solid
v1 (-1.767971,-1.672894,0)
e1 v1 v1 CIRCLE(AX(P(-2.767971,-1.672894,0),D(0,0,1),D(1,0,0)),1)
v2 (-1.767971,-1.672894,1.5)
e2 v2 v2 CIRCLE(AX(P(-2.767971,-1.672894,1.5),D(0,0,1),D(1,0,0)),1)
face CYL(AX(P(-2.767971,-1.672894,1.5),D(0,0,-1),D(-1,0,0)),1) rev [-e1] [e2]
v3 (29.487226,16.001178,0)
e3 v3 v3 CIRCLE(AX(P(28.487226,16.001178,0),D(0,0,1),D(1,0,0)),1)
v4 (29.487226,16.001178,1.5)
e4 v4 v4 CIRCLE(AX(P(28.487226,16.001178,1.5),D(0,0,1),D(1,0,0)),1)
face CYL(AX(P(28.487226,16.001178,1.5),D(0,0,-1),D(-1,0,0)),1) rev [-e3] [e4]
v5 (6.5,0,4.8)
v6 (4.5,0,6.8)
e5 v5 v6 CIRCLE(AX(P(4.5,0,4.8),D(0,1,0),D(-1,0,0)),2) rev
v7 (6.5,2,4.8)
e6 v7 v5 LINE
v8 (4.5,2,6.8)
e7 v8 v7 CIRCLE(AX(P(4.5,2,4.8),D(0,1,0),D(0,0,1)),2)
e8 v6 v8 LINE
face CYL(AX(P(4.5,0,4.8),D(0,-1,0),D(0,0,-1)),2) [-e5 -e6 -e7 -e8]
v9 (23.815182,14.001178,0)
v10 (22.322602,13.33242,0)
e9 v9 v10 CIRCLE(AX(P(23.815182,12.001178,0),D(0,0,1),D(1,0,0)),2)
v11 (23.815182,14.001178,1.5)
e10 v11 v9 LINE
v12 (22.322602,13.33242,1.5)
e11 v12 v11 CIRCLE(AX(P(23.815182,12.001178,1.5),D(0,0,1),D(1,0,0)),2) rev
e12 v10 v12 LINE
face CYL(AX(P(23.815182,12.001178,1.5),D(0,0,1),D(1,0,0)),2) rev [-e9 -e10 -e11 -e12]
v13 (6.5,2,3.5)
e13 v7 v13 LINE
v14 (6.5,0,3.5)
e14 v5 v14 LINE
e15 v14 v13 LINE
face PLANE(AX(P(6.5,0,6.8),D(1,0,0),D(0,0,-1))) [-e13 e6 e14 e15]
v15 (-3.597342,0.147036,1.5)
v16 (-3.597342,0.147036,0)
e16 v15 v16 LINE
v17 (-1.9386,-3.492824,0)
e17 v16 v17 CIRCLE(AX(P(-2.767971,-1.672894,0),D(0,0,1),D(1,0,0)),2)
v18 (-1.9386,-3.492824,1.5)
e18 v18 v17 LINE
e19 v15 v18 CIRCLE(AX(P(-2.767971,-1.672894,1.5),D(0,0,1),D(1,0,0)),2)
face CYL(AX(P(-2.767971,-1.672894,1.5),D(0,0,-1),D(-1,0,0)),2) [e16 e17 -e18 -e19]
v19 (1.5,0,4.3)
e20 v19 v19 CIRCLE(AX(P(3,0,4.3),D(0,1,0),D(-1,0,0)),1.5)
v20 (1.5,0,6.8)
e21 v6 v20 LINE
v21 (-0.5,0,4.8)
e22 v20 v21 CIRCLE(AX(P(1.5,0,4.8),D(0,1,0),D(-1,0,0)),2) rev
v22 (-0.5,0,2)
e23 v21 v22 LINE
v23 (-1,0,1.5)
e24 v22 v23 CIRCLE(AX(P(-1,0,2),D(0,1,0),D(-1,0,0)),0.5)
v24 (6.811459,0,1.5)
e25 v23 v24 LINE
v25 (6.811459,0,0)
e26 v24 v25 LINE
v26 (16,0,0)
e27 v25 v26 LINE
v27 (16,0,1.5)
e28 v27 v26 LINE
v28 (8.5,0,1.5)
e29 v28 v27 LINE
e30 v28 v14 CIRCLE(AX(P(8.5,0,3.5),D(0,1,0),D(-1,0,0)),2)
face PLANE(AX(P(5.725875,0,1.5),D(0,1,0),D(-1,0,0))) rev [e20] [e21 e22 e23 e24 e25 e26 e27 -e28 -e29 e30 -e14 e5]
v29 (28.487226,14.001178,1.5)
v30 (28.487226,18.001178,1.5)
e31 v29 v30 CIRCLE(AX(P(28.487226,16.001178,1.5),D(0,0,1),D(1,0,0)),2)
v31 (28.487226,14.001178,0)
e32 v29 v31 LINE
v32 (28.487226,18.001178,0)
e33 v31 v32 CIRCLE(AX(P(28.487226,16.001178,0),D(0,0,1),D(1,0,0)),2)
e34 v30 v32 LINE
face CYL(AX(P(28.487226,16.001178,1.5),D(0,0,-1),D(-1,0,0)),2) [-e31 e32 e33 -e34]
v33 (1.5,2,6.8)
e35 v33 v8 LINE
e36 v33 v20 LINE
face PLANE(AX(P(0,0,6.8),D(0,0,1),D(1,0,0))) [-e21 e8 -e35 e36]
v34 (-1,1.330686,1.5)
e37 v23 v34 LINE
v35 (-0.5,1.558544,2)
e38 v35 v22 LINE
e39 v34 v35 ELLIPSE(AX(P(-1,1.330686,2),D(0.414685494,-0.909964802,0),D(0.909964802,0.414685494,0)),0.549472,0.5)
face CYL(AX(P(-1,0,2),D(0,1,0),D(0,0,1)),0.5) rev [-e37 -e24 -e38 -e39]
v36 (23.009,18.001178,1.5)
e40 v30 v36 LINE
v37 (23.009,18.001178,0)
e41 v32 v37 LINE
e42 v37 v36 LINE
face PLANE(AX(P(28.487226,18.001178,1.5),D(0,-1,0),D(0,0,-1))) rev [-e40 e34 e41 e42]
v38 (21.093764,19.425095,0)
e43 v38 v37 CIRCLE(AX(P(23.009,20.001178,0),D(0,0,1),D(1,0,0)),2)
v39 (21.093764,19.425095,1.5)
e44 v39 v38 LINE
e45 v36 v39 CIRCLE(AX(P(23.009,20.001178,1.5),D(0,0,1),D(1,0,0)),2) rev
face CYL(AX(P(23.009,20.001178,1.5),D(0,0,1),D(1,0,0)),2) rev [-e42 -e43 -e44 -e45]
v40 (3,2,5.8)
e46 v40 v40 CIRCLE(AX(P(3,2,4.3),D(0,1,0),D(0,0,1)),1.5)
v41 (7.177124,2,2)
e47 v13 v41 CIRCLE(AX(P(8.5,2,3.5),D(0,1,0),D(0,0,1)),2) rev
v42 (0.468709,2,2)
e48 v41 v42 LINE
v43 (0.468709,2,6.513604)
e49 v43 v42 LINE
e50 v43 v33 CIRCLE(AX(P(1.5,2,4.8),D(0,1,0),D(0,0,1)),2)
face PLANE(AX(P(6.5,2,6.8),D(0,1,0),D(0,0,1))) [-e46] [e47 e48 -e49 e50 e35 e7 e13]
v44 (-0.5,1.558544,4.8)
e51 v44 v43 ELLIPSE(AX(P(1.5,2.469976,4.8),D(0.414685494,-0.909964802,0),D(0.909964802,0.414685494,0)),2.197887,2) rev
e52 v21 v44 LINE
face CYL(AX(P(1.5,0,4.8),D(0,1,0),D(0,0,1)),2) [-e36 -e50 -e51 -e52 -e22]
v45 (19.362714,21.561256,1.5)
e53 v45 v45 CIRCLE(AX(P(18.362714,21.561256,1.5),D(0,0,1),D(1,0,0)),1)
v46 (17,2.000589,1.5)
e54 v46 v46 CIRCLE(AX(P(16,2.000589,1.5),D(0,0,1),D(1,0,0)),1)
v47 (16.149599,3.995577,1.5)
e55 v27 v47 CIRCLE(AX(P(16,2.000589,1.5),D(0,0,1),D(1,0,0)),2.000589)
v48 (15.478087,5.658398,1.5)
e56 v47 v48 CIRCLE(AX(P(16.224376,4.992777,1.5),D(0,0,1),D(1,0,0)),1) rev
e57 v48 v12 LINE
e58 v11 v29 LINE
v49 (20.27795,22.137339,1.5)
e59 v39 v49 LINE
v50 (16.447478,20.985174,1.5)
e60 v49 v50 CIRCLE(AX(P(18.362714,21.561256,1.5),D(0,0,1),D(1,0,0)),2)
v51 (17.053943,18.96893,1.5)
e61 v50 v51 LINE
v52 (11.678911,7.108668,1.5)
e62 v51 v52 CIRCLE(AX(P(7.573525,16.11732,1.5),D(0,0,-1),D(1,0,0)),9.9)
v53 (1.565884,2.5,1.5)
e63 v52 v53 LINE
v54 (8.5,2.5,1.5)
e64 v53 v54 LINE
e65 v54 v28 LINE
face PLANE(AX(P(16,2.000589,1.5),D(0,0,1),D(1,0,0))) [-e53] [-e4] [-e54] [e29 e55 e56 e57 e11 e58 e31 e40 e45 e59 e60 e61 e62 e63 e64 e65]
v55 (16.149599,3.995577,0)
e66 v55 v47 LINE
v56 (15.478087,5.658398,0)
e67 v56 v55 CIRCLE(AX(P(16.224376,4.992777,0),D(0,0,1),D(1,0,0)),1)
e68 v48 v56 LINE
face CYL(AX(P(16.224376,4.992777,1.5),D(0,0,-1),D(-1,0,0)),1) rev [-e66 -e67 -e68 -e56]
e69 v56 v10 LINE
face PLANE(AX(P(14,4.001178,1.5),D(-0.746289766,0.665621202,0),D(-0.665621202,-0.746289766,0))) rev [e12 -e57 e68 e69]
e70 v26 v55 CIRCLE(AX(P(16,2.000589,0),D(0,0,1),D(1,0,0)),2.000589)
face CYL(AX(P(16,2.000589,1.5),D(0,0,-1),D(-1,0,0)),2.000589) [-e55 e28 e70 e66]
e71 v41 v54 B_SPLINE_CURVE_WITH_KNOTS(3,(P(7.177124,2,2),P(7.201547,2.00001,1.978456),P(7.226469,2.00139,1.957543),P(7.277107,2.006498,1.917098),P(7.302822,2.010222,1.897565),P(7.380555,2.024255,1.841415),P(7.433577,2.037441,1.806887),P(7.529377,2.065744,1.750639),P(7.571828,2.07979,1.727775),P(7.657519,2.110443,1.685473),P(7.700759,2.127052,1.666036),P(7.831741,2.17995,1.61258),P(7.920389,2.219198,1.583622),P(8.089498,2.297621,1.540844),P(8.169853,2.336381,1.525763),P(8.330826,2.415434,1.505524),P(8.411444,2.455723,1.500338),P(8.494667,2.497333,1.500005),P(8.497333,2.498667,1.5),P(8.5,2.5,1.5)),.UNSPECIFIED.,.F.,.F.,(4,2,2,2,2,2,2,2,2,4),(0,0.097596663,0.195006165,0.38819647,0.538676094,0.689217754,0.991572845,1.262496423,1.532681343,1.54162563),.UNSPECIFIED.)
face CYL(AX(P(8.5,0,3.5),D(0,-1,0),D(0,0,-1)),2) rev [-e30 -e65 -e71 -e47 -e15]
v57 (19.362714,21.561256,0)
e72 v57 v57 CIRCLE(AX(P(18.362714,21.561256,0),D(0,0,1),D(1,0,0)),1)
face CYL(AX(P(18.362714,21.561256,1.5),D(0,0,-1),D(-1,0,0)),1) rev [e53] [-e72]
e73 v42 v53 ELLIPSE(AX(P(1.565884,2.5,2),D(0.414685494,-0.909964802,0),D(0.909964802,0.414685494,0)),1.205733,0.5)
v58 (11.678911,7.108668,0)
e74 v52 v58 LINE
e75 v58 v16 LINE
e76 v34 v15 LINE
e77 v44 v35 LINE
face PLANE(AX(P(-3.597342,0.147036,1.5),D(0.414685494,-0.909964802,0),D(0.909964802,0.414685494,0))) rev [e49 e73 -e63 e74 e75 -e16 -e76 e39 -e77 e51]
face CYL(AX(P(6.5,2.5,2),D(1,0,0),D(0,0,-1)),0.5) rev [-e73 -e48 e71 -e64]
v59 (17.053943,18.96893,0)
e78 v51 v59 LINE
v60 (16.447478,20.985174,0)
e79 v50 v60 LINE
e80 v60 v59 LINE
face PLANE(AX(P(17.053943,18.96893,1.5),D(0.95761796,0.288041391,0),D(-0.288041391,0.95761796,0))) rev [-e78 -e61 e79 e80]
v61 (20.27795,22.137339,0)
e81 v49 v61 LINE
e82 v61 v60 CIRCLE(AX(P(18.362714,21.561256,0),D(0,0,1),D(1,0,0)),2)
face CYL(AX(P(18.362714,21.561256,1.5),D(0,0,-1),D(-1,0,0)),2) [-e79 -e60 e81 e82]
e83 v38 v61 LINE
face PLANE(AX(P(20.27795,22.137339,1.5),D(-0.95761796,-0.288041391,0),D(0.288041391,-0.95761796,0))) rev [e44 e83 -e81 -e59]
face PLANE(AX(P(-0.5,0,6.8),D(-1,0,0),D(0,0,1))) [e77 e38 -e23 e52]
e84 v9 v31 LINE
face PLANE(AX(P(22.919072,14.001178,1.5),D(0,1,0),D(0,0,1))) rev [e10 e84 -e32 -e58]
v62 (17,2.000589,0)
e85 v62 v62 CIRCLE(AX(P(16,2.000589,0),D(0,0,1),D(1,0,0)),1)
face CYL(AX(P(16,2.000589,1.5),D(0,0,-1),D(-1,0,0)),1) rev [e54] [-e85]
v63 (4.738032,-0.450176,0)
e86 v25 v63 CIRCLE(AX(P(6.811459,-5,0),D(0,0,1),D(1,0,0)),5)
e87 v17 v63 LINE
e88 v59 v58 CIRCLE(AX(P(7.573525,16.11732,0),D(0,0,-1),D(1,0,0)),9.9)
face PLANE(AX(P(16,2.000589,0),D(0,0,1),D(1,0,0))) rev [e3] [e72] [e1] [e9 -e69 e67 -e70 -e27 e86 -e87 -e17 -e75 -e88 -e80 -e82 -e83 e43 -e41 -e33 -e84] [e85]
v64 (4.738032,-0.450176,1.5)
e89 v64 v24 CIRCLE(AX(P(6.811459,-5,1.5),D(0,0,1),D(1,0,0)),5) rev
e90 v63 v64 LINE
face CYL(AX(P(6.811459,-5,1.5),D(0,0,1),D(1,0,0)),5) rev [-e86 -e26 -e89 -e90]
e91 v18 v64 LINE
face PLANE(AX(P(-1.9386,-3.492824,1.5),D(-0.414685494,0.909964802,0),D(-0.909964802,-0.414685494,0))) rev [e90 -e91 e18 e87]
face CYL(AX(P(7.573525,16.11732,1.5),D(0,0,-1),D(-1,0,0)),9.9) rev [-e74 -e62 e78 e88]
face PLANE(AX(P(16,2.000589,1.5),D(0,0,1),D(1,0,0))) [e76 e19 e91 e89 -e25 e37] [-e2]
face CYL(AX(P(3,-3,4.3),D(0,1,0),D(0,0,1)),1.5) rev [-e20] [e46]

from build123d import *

# Parameters (mm, degrees)
ESQUISSE1_R             = 1
BOSS_EXTRU_1_DEPTH      = 1.5
CONG_1_R                = 2
CONG_2_R                = 1
ESQUISSE2_W             = 7
ESQUISSE2_H             = 2
BOSS_EXTRU_2_DEPTH      = 6.8
CONG_3_R                = 0.5
CONG_4_R                = 0.5
CONG_5_R                = 2
CONG_6_R                = 2
ESQUISSE3_R             = 1.5
ENL_V_MAT_EXTRU_1_DEPTH = 5
CONG_7_R                = 5
ENL_V_MAT_EXTRU_2_DEPTH = 7


with BuildPart() as part:
    # Esquisse1 → Boss.-Extru.1 (new body)
    with BuildSketch(Plane.XY):
        with BuildLine():
            Line((5.725874922, 0), (15.999999988, 0))
            ThreePointArc((15.999999988, 0), (18.000588979, 2.000588991), (15.999999988, 4.001177983))
            Line((15.999999988, 4.001177983), (13.999999884, 4.001177983))
            Line((13.999999884, 4.001177983), (22.919071704, 14.001177983))
            Line((22.919071704, 14.001177983), (28.487225861, 14.001177983))
            ThreePointArc((28.487225861, 14.001177983), (30.487225861, 16.001177983), (28.487225861, 18.001177983))
            Line((28.487225861, 18.001177983), (21.522063421, 18.001177983))
            Line((21.522063421, 18.001177983), (20.277949706, 22.137339224))
            ThreePointArc((20.277949706, 22.137339224), (17.786631004, 23.476492361), (16.447477867, 20.98517366))
            Line((16.447477867, 20.98517366), (17.053942849, 18.968929547))
            ThreePointArc((17.053942849, 18.968929547), (16.590729073, 12.03075257), (11.678911432, 7.108668233))
            Line((11.678911432, 7.108668233), (-3.597341835, 0.147035641))
            ThreePointArc((-3.597341835, 0.147035641), (-4.587900453, -2.502264951), (-1.938599861, -3.492823569))
            Line((-1.938599861, -3.492823569), (5.725874922, 0))
        make_face()
        with Locations((28.487225861, 16.001177983)):
            Circle(ESQUISSE1_R, mode=Mode.SUBTRACT)
        with Locations((15.999999988, 2.000588991)):
            Circle(ESQUISSE1_R, mode=Mode.SUBTRACT)
        with Locations((18.362713786, 21.561256442)):
            Circle(ESQUISSE1_R, mode=Mode.SUBTRACT)
        with Locations((-2.767970848, -1.672893964)):
            Circle(ESQUISSE1_R, mode=Mode.SUBTRACT)
    extrude(amount=BOSS_EXTRU_1_DEPTH)

    # Congé1
    cong_1_edges = [part.edges().sort_by_distance(p)[0] for p in [
        (21.522063421, 18.001177983, 0.75),
        (22.919071704, 14.001177983, 0.75),
    ]]
    fillet(cong_1_edges, radius=CONG_1_R)

    # Congé2
    cong_2_edges = [part.edges().sort_by_distance(p)[0] for p in [
        (13.999999884, 4.001177983, 0.75),
    ]]
    fillet(cong_2_edges, radius=CONG_2_R)

    # Esquisse2 → Boss.-Extru.2 (add)
    with BuildSketch(Plane(origin=(0, 0, 0), x_dir=(-1, 0, 0), z_dir=(0, 0, -1))):
        with Locations((-2.999999988, 1)):
            Rectangle(ESQUISSE2_W, ESQUISSE2_H)
    extrude(amount=-BOSS_EXTRU_2_DEPTH)

    # Congé3
    cong_3_edges = [part.edges().sort_by_distance(p)[0] for p in [
        (3.484354553, 2, 1.5),
    ]]
    fillet(cong_3_edges, radius=CONG_3_R)

    # Congé4
    cong_4_edges = [part.edges().sort_by_distance(p)[0] for p in [
        (-0.500000012, 0.779271889, 1.5),
    ]]
    fillet(cong_4_edges, radius=CONG_4_R)

    # Congé5
    cong_5_edges = [part.edges().sort_by_distance(p)[0] for p in [
        (6.499999988, 1.25, 1.5),
    ]]
    fillet(cong_5_edges, radius=CONG_5_R)

    # Congé6
    cong_6_edges = [part.edges().sort_by_distance(p)[0] for p in [
        (6.499999988, 1, 6.8),
        (-0.500000012, 1, 6.8),
    ]]
    fillet(cong_6_edges, radius=CONG_6_R)

    # Esquisse3 → Enlèv. mat.-Extru.1 (cut)
    with BuildSketch(Plane(origin=(0, 2, 0), x_dir=(1, 0, 0), z_dir=(0, 1, 0))):
        with Locations(Location((2.999999988, -4.3, 0), (0, 0, 270))):
            Circle(ESQUISSE3_R)
    extrude(amount=-ENL_V_MAT_EXTRU_1_DEPTH, mode=Mode.SUBTRACT)

    # Congé7
    cong_7_edges = [part.edges().sort_by_distance(p)[0] for p in [
        (5.725874922, 0, 0.75),
    ]]
    fillet(cong_7_edges, radius=CONG_7_R)

    # Esquisse4 → Enlèv. mat.-Extru.2 (cut)
    with BuildSketch(Plane(origin=(0, 0, 0), x_dir=(-1, 0, 0), z_dir=(0, 0, -1))):
        Polygon((0.500000012, 2), (-0.468709119, 2), (0.500000012, 1.558543777), align=None)
    extrude(amount=-ENL_V_MAT_EXTRU_2_DEPTH, mode=Mode.SUBTRACT)


solid = part.part
